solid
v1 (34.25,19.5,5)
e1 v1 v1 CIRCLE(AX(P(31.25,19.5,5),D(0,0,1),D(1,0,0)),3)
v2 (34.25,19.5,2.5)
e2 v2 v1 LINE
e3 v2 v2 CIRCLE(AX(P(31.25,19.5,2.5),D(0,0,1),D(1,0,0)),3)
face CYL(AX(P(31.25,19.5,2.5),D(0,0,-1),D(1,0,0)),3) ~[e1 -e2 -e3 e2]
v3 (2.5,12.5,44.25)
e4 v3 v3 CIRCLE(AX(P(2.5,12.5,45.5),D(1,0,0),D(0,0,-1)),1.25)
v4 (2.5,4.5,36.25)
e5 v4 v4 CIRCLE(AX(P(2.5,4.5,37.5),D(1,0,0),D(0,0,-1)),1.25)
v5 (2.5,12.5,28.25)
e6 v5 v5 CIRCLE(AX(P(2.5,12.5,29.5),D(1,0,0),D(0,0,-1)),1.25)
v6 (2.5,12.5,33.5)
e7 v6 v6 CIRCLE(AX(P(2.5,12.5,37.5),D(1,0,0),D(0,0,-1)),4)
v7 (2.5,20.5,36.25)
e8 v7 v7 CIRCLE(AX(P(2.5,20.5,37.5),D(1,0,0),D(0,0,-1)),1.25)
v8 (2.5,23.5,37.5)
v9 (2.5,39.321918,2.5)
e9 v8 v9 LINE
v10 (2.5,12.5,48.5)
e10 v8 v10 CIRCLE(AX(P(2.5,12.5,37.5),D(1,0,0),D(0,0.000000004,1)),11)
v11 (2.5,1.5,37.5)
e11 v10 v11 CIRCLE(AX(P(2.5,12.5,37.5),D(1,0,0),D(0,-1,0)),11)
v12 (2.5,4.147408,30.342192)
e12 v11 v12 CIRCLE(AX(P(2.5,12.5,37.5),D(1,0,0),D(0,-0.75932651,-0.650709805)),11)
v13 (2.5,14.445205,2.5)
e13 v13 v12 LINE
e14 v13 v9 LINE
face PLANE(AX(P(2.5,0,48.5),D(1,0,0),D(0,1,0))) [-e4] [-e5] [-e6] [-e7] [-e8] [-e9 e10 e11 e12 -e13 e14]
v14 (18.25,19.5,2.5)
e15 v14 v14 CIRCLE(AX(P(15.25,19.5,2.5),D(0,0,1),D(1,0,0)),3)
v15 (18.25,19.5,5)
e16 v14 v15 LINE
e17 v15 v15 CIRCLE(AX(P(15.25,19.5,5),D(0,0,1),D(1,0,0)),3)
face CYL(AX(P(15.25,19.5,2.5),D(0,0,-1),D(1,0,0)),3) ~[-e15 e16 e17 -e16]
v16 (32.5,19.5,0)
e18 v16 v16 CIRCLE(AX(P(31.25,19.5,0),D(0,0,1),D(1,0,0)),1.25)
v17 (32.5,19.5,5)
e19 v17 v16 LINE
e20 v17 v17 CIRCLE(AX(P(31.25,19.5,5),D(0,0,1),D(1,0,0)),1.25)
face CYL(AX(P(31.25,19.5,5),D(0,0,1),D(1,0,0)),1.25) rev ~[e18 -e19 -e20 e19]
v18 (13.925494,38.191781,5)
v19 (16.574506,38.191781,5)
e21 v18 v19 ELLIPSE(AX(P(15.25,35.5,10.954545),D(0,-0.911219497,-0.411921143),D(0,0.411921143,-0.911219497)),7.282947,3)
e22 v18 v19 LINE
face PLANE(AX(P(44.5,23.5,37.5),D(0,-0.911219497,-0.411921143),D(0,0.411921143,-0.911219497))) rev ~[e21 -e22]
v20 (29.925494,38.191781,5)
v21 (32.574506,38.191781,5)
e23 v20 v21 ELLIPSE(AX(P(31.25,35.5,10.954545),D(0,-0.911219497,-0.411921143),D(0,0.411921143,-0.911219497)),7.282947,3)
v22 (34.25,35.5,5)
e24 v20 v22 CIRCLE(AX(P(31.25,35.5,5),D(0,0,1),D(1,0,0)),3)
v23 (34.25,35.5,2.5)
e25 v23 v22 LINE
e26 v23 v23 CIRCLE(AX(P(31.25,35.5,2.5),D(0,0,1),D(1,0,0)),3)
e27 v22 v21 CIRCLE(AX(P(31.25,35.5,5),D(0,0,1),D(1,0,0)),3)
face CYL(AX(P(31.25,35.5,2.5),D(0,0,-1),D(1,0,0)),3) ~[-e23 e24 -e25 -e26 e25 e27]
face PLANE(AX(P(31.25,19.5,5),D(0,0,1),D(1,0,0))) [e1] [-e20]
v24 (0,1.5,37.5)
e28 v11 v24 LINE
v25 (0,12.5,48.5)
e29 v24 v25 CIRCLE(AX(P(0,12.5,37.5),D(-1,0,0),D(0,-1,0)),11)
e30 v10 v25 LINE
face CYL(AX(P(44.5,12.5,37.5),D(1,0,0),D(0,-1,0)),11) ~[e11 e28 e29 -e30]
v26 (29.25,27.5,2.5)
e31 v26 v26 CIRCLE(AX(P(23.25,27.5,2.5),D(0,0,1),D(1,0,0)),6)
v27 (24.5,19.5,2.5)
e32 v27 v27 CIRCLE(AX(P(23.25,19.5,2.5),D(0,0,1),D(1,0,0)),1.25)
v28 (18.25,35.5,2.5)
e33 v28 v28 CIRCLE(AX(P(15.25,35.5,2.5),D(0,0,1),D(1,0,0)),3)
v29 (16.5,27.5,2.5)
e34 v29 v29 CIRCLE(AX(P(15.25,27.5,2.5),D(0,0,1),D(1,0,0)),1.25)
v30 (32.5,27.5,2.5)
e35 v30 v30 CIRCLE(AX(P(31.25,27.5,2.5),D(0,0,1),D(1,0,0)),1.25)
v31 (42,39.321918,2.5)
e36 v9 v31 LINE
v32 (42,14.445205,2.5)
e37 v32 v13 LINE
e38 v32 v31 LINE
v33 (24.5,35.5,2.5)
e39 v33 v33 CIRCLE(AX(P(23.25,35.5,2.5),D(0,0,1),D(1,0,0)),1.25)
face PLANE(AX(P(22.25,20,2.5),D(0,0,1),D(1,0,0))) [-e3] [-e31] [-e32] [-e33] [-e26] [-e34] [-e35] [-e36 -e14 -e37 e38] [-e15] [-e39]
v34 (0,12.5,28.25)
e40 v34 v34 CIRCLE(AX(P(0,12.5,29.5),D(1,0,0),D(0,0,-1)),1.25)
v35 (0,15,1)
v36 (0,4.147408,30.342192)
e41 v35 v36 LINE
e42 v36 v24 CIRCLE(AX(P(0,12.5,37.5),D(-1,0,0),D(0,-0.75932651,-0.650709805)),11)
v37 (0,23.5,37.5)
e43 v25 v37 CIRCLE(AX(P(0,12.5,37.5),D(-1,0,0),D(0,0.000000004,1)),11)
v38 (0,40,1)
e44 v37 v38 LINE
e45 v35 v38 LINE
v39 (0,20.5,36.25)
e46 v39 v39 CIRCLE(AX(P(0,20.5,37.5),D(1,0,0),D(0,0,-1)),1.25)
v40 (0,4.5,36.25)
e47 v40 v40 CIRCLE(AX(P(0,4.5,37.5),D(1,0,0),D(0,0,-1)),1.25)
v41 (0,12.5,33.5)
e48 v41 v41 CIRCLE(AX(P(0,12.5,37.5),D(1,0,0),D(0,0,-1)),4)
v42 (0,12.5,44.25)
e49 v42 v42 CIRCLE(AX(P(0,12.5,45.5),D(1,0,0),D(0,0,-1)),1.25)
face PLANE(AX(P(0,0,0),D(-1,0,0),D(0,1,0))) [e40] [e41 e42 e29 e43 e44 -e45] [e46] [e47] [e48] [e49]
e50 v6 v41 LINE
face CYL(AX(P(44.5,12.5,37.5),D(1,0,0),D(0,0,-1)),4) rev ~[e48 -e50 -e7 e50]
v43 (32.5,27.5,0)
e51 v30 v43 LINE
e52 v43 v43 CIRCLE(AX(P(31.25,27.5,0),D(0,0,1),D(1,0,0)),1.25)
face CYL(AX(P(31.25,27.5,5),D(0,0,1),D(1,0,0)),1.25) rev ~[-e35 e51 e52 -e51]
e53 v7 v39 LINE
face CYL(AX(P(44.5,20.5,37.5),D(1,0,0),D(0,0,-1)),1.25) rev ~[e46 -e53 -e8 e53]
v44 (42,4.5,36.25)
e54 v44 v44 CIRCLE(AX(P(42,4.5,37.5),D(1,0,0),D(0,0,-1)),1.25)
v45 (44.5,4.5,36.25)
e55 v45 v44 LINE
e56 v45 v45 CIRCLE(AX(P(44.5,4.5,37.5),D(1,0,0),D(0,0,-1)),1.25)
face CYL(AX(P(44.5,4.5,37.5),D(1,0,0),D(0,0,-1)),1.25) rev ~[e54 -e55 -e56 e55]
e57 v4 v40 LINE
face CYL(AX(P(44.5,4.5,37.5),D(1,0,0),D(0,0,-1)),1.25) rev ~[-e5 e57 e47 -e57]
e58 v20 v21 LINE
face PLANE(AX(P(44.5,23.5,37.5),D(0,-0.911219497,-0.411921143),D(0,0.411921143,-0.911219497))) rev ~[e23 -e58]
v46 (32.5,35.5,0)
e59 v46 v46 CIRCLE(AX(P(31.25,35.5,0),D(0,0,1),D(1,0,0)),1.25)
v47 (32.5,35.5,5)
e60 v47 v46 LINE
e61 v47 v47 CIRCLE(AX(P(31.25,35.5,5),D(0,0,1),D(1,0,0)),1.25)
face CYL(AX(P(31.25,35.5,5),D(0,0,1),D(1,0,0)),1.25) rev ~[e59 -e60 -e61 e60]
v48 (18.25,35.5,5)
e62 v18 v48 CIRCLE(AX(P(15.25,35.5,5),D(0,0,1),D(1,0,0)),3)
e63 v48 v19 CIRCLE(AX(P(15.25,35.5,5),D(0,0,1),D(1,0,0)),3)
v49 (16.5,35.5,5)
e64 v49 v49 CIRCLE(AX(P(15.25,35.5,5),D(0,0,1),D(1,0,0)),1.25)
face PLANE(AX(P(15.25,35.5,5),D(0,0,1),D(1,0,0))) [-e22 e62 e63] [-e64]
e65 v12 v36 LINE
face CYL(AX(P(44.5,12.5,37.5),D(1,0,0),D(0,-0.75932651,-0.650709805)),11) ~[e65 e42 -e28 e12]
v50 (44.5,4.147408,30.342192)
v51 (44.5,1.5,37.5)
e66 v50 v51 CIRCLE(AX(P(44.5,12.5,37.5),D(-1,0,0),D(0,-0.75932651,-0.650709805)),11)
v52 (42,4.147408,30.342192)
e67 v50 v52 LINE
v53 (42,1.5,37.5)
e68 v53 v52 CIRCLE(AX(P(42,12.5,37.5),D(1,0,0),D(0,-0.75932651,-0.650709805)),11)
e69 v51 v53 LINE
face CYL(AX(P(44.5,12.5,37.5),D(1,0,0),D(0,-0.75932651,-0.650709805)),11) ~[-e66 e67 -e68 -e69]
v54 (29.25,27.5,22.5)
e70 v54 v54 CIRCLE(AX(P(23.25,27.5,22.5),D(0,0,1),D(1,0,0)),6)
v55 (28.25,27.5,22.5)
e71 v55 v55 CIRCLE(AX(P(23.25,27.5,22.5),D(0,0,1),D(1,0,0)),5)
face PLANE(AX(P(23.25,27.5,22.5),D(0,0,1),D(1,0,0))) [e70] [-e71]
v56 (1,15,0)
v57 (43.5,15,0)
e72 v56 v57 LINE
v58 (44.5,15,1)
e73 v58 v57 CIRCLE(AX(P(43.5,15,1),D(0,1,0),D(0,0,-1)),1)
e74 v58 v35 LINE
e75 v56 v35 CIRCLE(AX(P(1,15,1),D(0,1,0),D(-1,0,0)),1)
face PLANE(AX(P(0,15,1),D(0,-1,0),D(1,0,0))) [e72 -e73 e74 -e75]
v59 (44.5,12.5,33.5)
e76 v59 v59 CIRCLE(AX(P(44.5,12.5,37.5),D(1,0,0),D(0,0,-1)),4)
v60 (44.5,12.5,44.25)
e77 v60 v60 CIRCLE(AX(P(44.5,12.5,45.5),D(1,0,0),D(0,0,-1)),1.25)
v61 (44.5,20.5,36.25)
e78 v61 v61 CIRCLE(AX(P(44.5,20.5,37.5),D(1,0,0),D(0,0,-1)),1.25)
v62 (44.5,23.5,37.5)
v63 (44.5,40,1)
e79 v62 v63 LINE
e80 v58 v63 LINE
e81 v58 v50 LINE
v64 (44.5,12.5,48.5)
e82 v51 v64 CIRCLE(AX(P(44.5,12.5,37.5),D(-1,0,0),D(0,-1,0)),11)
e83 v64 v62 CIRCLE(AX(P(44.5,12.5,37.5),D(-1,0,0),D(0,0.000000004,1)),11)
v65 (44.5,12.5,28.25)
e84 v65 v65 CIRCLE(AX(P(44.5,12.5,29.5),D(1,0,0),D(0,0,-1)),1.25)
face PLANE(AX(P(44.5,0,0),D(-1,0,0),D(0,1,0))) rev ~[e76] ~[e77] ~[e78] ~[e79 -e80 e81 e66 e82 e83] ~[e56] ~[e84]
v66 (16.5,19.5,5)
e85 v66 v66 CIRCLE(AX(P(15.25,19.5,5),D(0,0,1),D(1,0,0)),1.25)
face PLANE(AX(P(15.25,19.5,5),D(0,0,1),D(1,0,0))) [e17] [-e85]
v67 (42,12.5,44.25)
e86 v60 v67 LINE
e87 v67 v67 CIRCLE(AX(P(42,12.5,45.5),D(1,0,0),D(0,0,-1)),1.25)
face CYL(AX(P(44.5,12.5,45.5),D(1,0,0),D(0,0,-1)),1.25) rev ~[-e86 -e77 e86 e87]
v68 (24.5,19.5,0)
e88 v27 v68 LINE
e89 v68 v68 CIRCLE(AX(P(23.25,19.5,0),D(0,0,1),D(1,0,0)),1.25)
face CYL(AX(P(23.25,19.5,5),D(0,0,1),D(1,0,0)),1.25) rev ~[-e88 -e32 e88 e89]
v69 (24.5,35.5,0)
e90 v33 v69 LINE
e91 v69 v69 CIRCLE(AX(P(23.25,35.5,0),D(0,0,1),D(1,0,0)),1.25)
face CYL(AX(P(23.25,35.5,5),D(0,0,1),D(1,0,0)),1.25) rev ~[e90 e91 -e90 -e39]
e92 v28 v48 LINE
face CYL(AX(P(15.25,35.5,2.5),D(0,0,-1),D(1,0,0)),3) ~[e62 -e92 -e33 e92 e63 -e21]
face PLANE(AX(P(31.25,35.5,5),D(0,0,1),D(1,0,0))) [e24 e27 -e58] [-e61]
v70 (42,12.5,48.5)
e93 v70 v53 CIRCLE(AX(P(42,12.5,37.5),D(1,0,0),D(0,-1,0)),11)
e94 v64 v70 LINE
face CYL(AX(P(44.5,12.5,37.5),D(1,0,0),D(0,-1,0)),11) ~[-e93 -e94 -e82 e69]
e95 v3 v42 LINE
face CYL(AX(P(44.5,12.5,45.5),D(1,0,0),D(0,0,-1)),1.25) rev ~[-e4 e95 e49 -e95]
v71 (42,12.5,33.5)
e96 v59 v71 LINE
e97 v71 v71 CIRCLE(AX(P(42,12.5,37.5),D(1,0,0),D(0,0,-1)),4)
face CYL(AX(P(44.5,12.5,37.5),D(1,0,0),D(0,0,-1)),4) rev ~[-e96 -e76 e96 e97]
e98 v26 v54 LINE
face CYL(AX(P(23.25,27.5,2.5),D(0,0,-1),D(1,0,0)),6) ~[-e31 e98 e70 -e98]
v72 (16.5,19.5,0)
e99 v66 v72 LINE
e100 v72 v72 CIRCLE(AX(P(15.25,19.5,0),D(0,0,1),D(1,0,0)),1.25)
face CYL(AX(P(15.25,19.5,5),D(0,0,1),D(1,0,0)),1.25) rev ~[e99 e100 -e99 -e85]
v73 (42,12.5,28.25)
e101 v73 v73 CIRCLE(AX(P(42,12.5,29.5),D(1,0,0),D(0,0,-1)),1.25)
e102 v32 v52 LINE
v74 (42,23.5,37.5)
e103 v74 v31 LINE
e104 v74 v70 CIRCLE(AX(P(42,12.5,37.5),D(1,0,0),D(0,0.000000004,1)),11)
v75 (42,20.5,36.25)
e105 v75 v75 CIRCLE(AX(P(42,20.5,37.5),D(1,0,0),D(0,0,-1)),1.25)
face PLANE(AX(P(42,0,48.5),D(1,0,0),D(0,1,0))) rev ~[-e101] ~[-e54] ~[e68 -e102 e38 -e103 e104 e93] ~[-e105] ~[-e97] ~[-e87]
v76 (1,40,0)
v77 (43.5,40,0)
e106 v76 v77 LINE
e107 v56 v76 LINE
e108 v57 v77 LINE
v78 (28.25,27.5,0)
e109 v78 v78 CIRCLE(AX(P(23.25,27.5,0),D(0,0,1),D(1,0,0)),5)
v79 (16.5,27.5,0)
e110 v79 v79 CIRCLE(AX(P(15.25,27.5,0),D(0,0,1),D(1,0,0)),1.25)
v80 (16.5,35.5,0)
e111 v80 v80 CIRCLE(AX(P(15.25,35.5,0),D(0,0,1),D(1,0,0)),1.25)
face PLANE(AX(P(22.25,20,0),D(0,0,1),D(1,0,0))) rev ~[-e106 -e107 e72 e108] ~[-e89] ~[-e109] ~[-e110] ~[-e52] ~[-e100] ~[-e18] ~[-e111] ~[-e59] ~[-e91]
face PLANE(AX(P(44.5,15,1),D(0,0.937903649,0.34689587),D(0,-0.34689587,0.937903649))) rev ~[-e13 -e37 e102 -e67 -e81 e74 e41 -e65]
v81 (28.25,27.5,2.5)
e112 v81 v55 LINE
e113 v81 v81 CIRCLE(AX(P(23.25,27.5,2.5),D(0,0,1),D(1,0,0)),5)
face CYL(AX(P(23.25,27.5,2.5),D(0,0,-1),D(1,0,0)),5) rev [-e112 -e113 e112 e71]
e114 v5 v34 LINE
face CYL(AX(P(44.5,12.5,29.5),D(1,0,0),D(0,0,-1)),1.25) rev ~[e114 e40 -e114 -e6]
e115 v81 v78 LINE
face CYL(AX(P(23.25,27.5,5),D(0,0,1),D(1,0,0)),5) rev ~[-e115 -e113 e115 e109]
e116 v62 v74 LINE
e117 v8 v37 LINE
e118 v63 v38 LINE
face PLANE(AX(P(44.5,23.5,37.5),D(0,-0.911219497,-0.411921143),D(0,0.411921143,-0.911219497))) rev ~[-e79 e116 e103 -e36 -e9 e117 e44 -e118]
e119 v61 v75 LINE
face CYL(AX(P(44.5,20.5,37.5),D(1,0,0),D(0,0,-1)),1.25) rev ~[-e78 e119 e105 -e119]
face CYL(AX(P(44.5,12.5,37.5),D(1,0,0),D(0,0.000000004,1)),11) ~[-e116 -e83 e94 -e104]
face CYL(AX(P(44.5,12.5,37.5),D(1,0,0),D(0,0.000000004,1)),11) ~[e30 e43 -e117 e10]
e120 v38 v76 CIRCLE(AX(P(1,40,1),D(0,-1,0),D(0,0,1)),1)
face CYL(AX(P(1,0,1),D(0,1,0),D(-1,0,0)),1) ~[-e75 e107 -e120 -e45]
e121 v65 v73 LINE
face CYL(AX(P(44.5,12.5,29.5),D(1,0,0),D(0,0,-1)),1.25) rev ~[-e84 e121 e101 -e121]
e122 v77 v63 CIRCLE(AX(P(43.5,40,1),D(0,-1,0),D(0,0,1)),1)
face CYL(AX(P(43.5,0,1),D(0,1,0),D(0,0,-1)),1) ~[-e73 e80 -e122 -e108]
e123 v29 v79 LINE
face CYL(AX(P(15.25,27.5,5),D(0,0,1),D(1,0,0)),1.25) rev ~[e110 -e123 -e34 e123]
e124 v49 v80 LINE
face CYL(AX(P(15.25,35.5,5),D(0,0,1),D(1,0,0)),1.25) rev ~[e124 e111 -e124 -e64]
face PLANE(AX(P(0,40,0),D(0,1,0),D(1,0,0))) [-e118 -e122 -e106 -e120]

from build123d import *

# Parameters (mm, degrees)
SKETCH1_W           = 44.5
SKETCH1_H           = 40
BOSS_EXTRUDE1_DEPTH = 48.5
SKETCH2_W           = 39.5
SKETCH2_H           = 40
CUT_EXTRUDE1_DEPTH  = 46
FILLET1_R           = 1
SKETCH3_R           = 3
BOSS_EXTRUDE2_DEPTH = 2.5
SKETCH5_R           = 1.25
SKETCH5_R_2         = 5
CUT_EXTRUDE5_DEPTH  = 6
SKETCH7_R           = 4
CUT_EXTRUDE7_DEPTH  = 44.5
SKETCH8_R           = 1.25
CUT_EXTRUDE8_DEPTH  = 44.5
SKETCH9_W           = 44.5
SKETCH9_H           = 15
CUT_EXTRUDE9_DEPTH  = 10
SKETCH10_R          = 6
SKETCH10_R_2        = 5
EXTRUDE_THIN1_DEPTH = 20


with BuildPart() as part:
    # Sketch1 → Boss-Extrude1 (new body)
    with BuildSketch(Plane.XY):
        with Locations((22.25, 20)):
            Rectangle(SKETCH1_W, SKETCH1_H)
    extrude(amount=BOSS_EXTRUDE1_DEPTH)

    # Sketch2 → Cut-Extrude1 (cut)
    with BuildSketch(Plane.XY.offset(48.5)):
        with Locations((22.25, 20)):
            Rectangle(SKETCH2_W, SKETCH2_H)
    extrude(amount=-CUT_EXTRUDE1_DEPTH, mode=Mode.SUBTRACT)

    # Fillet1
    fillet1_edges = [part.edges().sort_by_distance(p)[0] for p in [
        (44.5, 20, 0),
        (0, 20, 0),
    ]]
    fillet(fillet1_edges, radius=FILLET1_R)

    # Sketch3 → Boss-Extrude2 (add)
    with BuildSketch(Plane.XY.offset(2.5)):
        with Locations((15.25, 19.5)):
            Circle(SKETCH3_R)
        with Locations((31.25, 19.5)):
            Circle(SKETCH3_R)
        with Locations((31.25, 35.5)):
            Circle(SKETCH3_R)
        with Locations((15.25, 35.5)):
            Circle(SKETCH3_R)
    extrude(amount=BOSS_EXTRUDE2_DEPTH)

    # Sketch5 → Cut-Extrude5 (cut)
    with BuildSketch(Plane.XY.offset(5)):
        with Locations((23.25, 35.5)):
            Circle(SKETCH5_R)
        with Locations((31.25, 35.5)):
            Circle(SKETCH5_R)
        with Locations((15.25, 35.5)):
            Circle(SKETCH5_R)
        with Locations((23.25, 27.5)):
            Circle(SKETCH5_R_2)
        with Locations((31.25, 27.5)):
            Circle(SKETCH5_R)
        with Locations((23.25, 19.5)):
            Circle(SKETCH5_R)
        with Locations((31.25, 19.5)):
            Circle(SKETCH5_R)
        with Locations((15.25, 27.5)):
            Circle(SKETCH5_R)
        with Locations((15.25, 19.5)):
            Circle(SKETCH5_R)
    extrude(amount=-CUT_EXTRUDE5_DEPTH, mode=Mode.SUBTRACT)

    # Sketch7 → Cut-Extrude7 (cut)
    with BuildSketch(Plane(origin=(44.5, 0, 0), x_dir=(0, 0, -1), z_dir=(1, 0, 0))):
        with Locations((-37.5, 12.5)):
            Circle(SKETCH7_R)
        with BuildLine():
            Line((-48.5, 40), (-48.5, 12.500000045))
            ThreePointArc((-48.5, 12.500000045), (-45.278174577, 20.278174609), (-37.5, 23.5))
            Line((-37.5, 23.5), (-1, 40))
            Line((-1, 40), (-48.5, 40))
        make_face()
        with BuildLine():
            ThreePointArc((-30.342192143, 4.147408386), (-33.684145427, 2.183059859), (-37.5, 1.5))
            ThreePointArc((-37.5, 1.5), (-45.278174609, 4.721825423), (-48.5, 12.500000045))
            Line((-48.5, 12.500000045), (-48.5, 0))
            Line((-48.5, 0), (-1, 0))
            Line((-1, 0), (-1, 15))
            Line((-1, 15), (-30.342192143, 4.147408386))
        make_face()
    extrude(amount=-CUT_EXTRUDE7_DEPTH, mode=Mode.SUBTRACT)

    # Sketch8 → Cut-Extrude8 (cut)
    with BuildSketch(Plane(origin=(44.5, 0, 0), x_dir=(0, 0, -1), z_dir=(1, 0, 0))):
        with Locations((-45.5, 12.5)):
            Circle(SKETCH8_R)
        with Locations((-37.5, 20.5)):
            Circle(SKETCH8_R)
        with Locations((-37.5, 4.5)):
            Circle(SKETCH8_R)
        with Locations((-29.5, 12.5)):
            Circle(SKETCH8_R)
    extrude(amount=-CUT_EXTRUDE8_DEPTH, mode=Mode.SUBTRACT)

    # Sketch9 → Cut-Extrude9 (cut)
    with BuildSketch(Plane.XY.offset(1)):
        with Locations((22.25, 7.5)):
            Rectangle(SKETCH9_W, SKETCH9_H)
    extrude(amount=-CUT_EXTRUDE9_DEPTH, mode=Mode.SUBTRACT)

    # Sketch10 → Extrude-Thin1 (add)
    with BuildSketch(Plane.XY.offset(2.5)):
        with Locations((23.25, 27.5)):
            Circle(SKETCH10_R)
        with Locations((23.25, 27.5)):
            Circle(SKETCH10_R_2, mode=Mode.SUBTRACT)
    extrude(amount=EXTRUDE_THIN1_DEPTH)


solid = part.part
